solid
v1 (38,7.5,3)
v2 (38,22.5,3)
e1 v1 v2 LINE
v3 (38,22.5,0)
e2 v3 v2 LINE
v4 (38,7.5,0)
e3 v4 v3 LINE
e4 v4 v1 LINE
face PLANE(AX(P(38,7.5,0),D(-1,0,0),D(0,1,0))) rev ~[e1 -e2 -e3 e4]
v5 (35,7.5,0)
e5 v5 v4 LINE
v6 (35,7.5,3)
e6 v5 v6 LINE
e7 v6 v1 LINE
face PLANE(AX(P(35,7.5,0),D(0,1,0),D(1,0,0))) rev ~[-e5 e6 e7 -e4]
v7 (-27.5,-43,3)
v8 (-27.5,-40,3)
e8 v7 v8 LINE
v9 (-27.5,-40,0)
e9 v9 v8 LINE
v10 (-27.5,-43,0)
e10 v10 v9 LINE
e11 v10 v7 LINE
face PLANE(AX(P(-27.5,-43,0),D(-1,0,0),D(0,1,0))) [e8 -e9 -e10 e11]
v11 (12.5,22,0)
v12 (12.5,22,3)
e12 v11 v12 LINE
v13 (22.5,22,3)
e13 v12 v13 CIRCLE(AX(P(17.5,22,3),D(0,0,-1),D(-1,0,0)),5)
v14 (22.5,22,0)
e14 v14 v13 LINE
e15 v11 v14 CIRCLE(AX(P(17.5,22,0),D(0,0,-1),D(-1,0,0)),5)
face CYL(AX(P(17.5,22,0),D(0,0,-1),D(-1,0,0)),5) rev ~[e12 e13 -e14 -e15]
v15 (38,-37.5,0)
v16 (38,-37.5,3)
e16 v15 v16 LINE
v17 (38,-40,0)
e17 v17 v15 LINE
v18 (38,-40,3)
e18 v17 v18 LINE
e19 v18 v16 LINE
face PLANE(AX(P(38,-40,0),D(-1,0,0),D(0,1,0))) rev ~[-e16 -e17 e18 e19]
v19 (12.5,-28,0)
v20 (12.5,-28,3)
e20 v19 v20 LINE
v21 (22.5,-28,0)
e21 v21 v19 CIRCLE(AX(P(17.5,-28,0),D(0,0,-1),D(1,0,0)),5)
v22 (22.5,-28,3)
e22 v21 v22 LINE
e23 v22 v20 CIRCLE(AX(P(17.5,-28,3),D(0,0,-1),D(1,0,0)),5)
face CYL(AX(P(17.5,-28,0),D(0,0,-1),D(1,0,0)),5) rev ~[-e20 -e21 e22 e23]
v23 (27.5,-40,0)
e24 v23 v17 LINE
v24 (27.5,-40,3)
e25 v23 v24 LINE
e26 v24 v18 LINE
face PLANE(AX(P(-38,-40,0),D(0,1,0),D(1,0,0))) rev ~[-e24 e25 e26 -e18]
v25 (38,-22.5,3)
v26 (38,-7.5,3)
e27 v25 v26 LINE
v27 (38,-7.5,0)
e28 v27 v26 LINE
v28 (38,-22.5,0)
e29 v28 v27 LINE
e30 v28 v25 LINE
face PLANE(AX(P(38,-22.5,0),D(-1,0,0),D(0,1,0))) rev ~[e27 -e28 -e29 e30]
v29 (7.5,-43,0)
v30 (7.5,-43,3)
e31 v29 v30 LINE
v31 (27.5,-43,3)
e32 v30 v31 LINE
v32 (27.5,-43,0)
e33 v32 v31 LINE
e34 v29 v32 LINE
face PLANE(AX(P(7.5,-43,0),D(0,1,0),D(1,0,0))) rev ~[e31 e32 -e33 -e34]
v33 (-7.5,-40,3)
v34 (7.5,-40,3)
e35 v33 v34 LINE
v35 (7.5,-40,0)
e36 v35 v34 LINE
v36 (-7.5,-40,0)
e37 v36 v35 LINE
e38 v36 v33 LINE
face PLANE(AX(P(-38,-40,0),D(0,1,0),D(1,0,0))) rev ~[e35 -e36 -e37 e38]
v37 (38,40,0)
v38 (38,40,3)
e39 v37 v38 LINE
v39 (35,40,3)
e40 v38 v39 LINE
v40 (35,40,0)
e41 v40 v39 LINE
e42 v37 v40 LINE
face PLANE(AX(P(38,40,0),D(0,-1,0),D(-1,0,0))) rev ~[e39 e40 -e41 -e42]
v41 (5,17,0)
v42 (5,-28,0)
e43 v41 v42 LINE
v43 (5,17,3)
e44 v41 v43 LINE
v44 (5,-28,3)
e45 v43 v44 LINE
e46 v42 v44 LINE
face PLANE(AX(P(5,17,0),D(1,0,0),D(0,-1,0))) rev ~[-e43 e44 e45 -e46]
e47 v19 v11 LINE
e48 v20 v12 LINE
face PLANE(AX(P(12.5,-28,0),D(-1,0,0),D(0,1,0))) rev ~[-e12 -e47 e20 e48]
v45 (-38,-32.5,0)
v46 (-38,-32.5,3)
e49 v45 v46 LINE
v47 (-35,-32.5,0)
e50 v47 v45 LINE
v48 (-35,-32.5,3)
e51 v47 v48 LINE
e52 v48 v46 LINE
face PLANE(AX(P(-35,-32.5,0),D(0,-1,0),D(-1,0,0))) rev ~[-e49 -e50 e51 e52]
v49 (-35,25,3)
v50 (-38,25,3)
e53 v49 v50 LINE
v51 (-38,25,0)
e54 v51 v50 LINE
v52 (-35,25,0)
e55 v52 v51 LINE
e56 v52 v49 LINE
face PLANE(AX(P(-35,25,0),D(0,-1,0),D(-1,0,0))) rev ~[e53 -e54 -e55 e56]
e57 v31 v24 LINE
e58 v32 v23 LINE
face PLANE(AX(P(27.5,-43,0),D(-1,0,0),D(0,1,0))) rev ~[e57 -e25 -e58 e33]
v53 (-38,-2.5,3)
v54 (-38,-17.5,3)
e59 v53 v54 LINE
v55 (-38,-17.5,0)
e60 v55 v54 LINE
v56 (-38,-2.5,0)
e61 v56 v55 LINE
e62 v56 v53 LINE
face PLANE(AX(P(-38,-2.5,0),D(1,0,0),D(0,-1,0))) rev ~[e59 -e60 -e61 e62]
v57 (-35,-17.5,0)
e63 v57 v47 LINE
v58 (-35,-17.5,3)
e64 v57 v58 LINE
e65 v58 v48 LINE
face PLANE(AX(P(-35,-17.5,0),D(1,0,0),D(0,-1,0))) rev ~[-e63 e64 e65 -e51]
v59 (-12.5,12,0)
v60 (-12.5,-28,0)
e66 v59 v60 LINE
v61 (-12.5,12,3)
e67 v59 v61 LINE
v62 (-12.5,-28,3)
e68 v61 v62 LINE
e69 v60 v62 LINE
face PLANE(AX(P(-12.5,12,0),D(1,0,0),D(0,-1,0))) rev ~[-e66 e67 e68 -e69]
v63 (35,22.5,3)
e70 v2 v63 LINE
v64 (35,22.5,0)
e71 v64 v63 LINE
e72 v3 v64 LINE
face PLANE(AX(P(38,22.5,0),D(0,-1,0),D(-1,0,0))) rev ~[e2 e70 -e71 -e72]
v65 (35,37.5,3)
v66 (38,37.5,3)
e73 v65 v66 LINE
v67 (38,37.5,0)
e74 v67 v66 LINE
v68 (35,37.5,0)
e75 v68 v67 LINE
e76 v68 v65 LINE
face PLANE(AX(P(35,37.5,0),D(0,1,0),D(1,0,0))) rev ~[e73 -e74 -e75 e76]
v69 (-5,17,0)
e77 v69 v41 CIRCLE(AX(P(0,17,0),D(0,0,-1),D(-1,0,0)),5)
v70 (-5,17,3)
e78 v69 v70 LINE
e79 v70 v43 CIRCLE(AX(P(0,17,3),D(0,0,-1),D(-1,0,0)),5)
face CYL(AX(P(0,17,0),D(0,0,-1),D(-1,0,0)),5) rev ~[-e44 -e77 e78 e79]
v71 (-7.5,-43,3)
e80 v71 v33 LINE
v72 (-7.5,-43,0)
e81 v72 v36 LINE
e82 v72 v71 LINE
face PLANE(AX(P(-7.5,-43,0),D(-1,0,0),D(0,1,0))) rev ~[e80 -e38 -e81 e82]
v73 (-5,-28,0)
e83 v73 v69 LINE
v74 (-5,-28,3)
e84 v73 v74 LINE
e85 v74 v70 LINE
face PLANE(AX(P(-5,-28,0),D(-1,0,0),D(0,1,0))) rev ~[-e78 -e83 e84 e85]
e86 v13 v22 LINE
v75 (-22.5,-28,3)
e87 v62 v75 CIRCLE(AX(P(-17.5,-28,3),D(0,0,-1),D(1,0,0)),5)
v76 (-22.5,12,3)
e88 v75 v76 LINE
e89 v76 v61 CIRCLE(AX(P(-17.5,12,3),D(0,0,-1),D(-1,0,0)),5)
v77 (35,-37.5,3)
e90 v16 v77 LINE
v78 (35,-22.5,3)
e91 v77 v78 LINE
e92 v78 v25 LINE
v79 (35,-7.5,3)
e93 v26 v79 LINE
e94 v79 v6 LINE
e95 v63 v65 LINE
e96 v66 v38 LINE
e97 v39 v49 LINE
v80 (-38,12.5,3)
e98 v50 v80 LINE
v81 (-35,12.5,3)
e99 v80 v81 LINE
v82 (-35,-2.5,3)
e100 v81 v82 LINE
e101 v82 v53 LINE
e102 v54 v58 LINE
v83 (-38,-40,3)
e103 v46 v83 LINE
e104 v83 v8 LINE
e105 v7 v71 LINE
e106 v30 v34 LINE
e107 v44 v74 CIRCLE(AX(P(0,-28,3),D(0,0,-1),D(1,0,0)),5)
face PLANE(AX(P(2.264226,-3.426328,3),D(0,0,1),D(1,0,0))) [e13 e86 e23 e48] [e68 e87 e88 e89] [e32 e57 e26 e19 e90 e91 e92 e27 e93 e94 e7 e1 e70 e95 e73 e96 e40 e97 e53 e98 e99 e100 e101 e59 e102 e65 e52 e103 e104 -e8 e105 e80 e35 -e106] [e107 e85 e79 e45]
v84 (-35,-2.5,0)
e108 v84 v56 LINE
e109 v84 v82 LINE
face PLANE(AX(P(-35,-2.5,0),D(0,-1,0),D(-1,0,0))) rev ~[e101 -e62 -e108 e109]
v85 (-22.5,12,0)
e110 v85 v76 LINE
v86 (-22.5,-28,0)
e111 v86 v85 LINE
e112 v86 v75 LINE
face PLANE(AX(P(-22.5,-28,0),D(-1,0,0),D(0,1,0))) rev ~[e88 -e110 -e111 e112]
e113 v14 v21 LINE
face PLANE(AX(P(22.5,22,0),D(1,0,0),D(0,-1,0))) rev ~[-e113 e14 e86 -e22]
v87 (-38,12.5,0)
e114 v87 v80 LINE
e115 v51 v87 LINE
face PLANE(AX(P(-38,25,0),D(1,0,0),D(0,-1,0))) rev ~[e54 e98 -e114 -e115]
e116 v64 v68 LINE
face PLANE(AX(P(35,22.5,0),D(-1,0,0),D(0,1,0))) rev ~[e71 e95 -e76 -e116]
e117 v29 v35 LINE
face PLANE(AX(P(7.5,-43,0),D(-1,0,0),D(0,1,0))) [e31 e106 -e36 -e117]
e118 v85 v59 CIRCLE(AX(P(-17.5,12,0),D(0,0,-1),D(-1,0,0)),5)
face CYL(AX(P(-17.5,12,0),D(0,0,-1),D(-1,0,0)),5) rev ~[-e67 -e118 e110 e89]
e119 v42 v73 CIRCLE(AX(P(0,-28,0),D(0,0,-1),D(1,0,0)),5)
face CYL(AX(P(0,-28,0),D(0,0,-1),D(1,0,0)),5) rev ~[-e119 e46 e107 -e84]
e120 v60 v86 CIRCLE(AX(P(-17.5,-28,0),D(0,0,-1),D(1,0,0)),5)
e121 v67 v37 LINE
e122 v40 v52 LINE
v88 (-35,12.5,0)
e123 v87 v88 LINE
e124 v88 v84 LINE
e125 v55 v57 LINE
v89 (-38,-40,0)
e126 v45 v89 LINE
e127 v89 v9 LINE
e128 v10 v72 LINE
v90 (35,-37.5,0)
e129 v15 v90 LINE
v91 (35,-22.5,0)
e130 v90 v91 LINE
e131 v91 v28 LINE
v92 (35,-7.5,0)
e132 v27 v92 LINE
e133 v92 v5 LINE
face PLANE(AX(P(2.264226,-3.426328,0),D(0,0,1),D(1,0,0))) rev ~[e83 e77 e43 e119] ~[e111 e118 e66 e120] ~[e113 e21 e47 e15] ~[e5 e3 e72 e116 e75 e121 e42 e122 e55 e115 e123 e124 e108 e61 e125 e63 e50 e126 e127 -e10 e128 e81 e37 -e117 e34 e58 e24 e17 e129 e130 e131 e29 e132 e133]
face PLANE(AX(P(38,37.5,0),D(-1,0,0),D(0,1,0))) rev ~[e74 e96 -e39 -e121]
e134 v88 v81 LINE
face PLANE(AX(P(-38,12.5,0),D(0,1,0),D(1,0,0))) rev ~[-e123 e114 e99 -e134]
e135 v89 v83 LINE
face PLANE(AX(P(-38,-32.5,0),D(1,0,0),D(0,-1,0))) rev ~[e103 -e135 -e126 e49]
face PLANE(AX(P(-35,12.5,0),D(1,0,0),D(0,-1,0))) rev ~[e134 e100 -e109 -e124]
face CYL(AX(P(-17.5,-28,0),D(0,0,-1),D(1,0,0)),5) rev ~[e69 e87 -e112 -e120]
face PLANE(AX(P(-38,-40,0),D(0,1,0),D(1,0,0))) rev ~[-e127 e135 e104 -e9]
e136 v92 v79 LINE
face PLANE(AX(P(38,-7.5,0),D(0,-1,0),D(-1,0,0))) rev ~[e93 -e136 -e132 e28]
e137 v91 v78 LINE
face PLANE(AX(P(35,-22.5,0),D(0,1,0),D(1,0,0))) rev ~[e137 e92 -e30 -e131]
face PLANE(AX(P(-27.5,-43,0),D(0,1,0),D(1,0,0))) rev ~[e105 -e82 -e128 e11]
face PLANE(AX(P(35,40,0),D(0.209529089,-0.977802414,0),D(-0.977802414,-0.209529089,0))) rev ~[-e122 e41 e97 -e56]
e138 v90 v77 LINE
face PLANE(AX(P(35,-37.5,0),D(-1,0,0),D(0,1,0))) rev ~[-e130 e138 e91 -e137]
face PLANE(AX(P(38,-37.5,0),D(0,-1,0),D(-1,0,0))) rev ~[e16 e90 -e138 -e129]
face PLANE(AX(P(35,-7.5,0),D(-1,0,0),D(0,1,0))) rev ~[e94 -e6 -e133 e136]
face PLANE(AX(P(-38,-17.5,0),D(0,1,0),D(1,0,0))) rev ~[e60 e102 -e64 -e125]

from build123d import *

# Parameters (mm, degrees)
SKETCH1_W           = 20
SKETCH1_H           = 3
BOSS_EXTRUDE1_DEPTH = 3


with BuildPart() as part:
    # Sketch1 → Boss-Extrude1 (new body)
    # profile 1 of 3: a face of its own
    with BuildSketch(Plane.XY):
        Polygon((35, 40), (-35, 25), (-38, 25), (-38, 12.5), (-35, 12.5), (-35, -2.5), (-38, -2.5), (-38, -17.5), (-35, -17.5), (-35, -32.5), (-38, -32.5), (-38, -40), (-27.5, -40), (-7.5, -40), (7.5, -40), (27.5, -40), (38, -40), (38, -37.5), (35, -37.5), (35, -22.5), (38, -22.5), (38, -7.5), (35, -7.5), (35, 7.5), (38, 7.5), (38, 22.5), (35, 22.5), (35, 37.5), (38, 37.5), (38, 40), align=None)
        with BuildLine():
            ThreePointArc((-12.5, -28), (-17.5, -33), (-22.5, -28))
            Line((-22.5, -28), (-22.5, 12))
            ThreePointArc((-22.5, 12), (-17.5, 17), (-12.5, 12))
            Line((-12.5, 12), (-12.5, -28))
        make_face(mode=Mode.SUBTRACT)
        with BuildLine():
            ThreePointArc((-5, 17), (0, 22), (5, 17))
            Line((5, 17), (5, -28))
            ThreePointArc((5, -28), (0, -33), (-5, -28))
            Line((-5, -28), (-5, 17))
        make_face(mode=Mode.SUBTRACT)
        with BuildLine():
            ThreePointArc((22.5, -28), (17.5, -33), (12.5, -28))
            Line((12.5, -28), (12.5, 22))
            ThreePointArc((12.5, 22), (17.5, 27), (22.5, 22))
            Line((22.5, 22), (22.5, -28))
        make_face(mode=Mode.SUBTRACT)
    # profile 2 of 3: a face of its own
    with BuildSketch(Plane.XY):
        with Locations((17.5, -41.5)):
            Rectangle(SKETCH1_W, SKETCH1_H)
    # profile 3 of 3: a face of its own
    with BuildSketch(Plane.XY):
        with Locations((-17.5, -41.5)):
            Rectangle(SKETCH1_W, SKETCH1_H)
    extrude(amount=BOSS_EXTRUDE1_DEPTH)


solid = part.part
